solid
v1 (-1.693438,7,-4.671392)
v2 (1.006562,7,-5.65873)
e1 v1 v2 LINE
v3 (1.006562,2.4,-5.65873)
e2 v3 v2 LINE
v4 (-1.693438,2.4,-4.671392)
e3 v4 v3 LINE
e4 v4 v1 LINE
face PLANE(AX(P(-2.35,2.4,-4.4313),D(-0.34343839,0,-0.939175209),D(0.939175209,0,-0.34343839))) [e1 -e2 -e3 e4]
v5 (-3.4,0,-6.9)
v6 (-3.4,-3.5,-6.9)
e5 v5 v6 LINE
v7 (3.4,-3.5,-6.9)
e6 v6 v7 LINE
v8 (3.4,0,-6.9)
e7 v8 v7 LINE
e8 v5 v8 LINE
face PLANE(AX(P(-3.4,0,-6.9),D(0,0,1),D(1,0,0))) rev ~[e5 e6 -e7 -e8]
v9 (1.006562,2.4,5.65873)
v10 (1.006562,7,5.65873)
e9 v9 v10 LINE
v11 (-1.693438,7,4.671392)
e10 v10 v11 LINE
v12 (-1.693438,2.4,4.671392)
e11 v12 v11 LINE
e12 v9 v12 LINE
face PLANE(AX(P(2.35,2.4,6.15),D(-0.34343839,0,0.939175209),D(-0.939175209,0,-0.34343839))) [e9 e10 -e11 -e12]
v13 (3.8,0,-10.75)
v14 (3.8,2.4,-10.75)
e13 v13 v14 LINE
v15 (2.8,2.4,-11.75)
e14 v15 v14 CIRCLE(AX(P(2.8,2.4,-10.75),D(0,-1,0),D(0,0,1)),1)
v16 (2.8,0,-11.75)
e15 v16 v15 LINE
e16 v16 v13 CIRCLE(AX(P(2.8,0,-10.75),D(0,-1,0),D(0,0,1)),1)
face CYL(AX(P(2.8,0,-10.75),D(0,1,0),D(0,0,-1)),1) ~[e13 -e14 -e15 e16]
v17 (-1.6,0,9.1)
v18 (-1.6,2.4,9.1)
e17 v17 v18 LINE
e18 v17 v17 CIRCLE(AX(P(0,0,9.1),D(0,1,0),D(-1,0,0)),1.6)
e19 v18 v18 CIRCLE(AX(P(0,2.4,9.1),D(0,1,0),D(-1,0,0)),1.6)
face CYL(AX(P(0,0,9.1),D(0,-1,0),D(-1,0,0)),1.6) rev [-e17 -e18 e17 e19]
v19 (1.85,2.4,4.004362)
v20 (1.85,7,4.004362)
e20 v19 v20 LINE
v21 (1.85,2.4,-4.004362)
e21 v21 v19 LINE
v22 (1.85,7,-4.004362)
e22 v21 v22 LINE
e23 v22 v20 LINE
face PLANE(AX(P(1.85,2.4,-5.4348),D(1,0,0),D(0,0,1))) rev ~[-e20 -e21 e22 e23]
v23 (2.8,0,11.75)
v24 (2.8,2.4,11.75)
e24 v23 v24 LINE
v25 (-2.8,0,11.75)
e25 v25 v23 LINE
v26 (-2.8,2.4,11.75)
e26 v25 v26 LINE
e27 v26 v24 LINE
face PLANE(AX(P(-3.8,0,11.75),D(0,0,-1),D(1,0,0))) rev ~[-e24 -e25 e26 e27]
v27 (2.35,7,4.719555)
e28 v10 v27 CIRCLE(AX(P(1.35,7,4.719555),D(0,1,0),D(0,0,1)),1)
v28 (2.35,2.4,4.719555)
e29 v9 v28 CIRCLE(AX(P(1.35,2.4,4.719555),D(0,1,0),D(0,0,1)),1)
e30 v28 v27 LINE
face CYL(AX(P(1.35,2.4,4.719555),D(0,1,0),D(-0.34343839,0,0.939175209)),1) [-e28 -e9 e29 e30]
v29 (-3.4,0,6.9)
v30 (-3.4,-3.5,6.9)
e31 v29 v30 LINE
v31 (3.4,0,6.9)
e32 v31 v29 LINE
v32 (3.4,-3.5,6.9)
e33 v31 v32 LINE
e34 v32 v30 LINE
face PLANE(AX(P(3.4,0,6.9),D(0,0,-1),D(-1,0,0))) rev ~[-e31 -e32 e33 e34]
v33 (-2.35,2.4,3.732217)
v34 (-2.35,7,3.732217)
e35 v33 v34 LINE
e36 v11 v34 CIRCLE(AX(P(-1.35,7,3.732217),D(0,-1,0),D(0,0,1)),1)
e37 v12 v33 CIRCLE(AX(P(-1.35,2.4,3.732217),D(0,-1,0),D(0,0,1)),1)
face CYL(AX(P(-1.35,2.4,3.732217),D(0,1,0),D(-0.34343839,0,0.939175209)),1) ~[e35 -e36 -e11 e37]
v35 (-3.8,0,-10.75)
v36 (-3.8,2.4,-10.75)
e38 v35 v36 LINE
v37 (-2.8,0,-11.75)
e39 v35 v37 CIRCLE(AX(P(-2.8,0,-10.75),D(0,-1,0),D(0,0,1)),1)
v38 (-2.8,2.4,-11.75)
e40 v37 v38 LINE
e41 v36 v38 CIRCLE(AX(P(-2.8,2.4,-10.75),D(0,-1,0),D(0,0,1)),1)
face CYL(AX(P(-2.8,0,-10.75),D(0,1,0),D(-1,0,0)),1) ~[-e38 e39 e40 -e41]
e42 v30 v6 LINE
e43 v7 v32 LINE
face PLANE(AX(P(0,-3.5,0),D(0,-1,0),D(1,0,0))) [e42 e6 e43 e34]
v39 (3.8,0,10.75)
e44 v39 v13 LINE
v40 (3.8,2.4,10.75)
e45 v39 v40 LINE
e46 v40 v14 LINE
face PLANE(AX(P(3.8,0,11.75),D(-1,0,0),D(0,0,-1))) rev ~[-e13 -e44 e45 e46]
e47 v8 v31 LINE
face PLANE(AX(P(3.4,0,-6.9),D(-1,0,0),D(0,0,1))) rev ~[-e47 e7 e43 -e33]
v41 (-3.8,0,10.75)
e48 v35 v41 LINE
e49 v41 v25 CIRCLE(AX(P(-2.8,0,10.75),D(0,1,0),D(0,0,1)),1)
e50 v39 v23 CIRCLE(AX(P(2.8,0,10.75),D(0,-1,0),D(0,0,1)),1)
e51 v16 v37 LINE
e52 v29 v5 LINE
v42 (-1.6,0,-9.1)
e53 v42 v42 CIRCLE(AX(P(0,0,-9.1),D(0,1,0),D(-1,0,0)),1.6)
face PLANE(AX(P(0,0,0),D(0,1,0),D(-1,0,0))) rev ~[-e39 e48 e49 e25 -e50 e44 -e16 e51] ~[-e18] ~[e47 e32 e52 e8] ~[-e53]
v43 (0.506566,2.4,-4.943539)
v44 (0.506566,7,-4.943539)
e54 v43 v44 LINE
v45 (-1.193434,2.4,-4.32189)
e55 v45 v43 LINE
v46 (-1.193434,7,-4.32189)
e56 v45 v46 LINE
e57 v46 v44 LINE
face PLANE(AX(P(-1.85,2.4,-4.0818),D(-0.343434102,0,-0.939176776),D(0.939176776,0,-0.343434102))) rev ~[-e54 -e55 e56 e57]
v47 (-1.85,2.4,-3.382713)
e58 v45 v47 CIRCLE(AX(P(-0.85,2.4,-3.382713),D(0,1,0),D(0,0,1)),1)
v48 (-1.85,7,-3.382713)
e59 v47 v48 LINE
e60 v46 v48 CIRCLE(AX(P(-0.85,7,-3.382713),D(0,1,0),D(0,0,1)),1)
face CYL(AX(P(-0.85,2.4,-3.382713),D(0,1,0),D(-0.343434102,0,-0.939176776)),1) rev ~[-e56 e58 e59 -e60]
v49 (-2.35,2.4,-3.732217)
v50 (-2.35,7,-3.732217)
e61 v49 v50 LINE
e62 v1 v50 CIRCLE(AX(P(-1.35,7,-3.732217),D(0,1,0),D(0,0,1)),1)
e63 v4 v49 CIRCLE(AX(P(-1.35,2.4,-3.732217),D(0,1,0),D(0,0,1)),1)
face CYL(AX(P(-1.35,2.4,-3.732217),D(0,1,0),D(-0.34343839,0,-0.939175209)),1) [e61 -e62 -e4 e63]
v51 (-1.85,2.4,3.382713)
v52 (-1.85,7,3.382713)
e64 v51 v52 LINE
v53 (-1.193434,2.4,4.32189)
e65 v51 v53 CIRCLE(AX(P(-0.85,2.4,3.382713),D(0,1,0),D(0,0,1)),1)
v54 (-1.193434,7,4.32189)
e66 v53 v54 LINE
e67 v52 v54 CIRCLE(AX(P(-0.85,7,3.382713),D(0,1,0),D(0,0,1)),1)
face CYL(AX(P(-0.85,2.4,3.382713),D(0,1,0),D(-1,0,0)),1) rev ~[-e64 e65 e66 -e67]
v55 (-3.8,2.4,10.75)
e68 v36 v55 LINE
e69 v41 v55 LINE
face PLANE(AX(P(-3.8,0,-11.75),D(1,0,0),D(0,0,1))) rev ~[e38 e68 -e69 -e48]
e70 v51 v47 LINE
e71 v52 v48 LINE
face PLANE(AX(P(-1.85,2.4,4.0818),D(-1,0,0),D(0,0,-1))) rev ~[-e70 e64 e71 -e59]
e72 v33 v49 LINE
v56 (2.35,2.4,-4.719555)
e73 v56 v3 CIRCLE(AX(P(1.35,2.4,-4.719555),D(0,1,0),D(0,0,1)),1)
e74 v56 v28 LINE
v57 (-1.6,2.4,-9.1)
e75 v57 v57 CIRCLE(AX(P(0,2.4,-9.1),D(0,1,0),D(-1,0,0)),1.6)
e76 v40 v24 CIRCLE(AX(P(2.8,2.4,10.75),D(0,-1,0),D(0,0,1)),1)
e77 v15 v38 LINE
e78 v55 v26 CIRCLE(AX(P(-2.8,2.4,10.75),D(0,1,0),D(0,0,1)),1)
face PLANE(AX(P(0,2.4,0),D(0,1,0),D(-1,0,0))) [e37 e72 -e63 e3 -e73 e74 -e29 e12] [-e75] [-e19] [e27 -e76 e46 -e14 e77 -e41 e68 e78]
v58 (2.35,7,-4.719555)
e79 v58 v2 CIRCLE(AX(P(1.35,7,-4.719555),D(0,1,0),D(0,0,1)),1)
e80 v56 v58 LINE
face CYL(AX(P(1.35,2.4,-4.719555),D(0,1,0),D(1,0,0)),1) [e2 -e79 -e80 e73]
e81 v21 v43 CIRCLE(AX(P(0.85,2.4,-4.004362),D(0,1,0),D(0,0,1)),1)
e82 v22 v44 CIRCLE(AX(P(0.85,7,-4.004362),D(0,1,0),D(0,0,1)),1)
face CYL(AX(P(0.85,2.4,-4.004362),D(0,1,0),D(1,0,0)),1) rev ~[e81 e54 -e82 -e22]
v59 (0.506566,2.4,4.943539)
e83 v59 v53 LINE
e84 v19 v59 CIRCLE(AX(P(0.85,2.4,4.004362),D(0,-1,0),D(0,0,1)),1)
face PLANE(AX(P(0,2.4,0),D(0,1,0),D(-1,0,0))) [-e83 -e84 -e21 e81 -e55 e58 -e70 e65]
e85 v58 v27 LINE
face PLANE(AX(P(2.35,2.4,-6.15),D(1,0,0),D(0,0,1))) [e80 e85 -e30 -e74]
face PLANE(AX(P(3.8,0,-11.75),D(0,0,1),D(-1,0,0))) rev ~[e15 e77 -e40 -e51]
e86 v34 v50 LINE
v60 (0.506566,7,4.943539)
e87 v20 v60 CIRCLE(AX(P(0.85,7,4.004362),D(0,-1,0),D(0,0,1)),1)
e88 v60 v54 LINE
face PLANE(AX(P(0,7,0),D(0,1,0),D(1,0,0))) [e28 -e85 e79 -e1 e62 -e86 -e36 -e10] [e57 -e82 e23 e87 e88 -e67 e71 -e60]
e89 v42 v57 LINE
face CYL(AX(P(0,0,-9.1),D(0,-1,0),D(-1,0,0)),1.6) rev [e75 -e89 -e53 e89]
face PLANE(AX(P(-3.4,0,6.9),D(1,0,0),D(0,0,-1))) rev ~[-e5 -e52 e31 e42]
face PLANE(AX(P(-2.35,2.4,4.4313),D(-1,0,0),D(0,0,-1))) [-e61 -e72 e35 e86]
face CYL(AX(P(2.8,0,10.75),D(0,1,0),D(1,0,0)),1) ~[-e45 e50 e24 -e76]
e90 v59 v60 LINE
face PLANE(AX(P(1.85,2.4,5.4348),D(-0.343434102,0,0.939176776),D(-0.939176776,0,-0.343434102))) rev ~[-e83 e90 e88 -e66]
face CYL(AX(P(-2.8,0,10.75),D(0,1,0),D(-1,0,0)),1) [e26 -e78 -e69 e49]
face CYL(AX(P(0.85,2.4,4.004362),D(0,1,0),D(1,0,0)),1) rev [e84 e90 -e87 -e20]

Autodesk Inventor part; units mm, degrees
ref_plane "YZ Plane" through (0, 0, 0) normal (1, 0, 0) x (0, 1, 0)
ref_plane "XZ Plane" through (0, 0, 0) normal (0, 1, 0) x (-1, 0, 0)
ref_plane "XY Plane" through (0, 0, 0) normal (0, 0, 1) x (1, 0, 0)
sketch "Sketch1" plane through (0, 0, 0) normal (0, 1, 0) x (-1, 0, 0)
  line L0 (3.8, 11.75) -> (-3.8, 11.75)
  line L1 (-3.8, 11.75) -> (-3.8, -11.75)
  line L2 (-3.8, -11.75) -> (3.8, -11.75)
  line L3 (3.8, -11.75) -> (3.8, 11.75)
  circle A0 centre (0, 9.1) radius 1.6
  circle A1 centre (0, -9.1) radius 1.6
  point P0 (0, 0)
  dimension "d0" = 23.5
  dimension "d1" = 7.6
  dimension "d2" = 11.75
  dimension "d3" = 3.8
  dimension "d4" = 3.2
  dimension "d5" = 3.2
  dimension "d6" = 18.2
  dimension "d7" = 9.1
extrude "Extrusion1" add sketch "Sketch1" along normal blind 2.4
fillet "Fillet1" radius 1 4 edges at (3.8, 1.2, 11.75) (-3.8, 1.2, 11.75) (3.8, 1.2, -11.75) (-3.8, 1.2, -11.75)
sketch "Sketch2" plane through (0, 2.4, 0) normal (0, 1, 0) x (1, 0, 0)
  line L0 (-2.35, -4.4313) -> (-2.35, 4.4313)
  line L1 (-2.35, 4.4313) -> (2.35, 6.15)
  line L2 (2.35, 6.15) -> (2.35, -6.15)
  line L3 (2.35, -6.15) -> (-2.35, -4.4313)
  line L4 (1.85, -5.4348) -> (-1.85, -4.0818)
  line L5 (-1.85, -4.0818) -> (-1.85, 4.0818)
  line L6 (-1.85, 4.0818) -> (1.85, 5.4348)
  line L7 (1.85, 5.4348) -> (1.85, -5.4348)
  point P0 (0, 0)
  dimension "d11" = 69.914
  dimension "d13" = 12.3
  dimension "d14" = 4.7
  dimension "d15" = 2.35
  dimension "d17" = 0.5
  dimension "d18" = 0.5
  dimension "d19" = 0.5
  dimension "d20" = 0.5
  dimension "d21" = 6.15
  dimension "d22" = 69.914
  dimension "d23" = 69.914
extrude "Extrusion2" add sketch "Sketch2" along normal blind 4.6
fillet "Fillet2" radius 1 8 edges at (-2.35, 4.7, -4.4313) (-2.35, 4.7, 4.4313) (2.35, 4.7, 6.15) (2.35, 4.7, -6.15) (-1.85, 4.7, -4.0818) (-1.85, 4.7, 4.0818) (1.85, 4.7, -5.4348) (1.85, 4.7, 5.4348)
sketch "Sketch3" plane through (0, 0, 0) normal (0, -1, 0) x (1, 0, 0)
  line L0 (3.4, 6.9) -> (-3.4, 6.9)
  line L1 (-3.4, 6.9) -> (-3.4, -6.9)
  line L2 (-3.4, -6.9) -> (3.4, -6.9)
  line L3 (3.4, -6.9) -> (3.4, 6.9)
  point P0 (0, 0)
  dimension "d27" = 13.8
  dimension "d28" = 6.8
  dimension "d29" = 6.9
  dimension "d30" = 3.4
extrude "Extrusion3" add sketch "Sketch3" along normal blind 3.5
equation "\"d2\" = 0.5 * d0"
equation "\"d3\" = 0.5 * d1"
equation "\"d5\" = d4"
equation "\"d7\" = 0.5 * d6"
equation "\"d15\" = 0.5 * d14"
equation "\"d21\" = 0.5 * d13"
equation "\"d22\" = d11"
equation "\"d29\" = 0.5 * d27"
equation "\"d30\" = 0.5 * d28"
properties part number "15pin male connector"
